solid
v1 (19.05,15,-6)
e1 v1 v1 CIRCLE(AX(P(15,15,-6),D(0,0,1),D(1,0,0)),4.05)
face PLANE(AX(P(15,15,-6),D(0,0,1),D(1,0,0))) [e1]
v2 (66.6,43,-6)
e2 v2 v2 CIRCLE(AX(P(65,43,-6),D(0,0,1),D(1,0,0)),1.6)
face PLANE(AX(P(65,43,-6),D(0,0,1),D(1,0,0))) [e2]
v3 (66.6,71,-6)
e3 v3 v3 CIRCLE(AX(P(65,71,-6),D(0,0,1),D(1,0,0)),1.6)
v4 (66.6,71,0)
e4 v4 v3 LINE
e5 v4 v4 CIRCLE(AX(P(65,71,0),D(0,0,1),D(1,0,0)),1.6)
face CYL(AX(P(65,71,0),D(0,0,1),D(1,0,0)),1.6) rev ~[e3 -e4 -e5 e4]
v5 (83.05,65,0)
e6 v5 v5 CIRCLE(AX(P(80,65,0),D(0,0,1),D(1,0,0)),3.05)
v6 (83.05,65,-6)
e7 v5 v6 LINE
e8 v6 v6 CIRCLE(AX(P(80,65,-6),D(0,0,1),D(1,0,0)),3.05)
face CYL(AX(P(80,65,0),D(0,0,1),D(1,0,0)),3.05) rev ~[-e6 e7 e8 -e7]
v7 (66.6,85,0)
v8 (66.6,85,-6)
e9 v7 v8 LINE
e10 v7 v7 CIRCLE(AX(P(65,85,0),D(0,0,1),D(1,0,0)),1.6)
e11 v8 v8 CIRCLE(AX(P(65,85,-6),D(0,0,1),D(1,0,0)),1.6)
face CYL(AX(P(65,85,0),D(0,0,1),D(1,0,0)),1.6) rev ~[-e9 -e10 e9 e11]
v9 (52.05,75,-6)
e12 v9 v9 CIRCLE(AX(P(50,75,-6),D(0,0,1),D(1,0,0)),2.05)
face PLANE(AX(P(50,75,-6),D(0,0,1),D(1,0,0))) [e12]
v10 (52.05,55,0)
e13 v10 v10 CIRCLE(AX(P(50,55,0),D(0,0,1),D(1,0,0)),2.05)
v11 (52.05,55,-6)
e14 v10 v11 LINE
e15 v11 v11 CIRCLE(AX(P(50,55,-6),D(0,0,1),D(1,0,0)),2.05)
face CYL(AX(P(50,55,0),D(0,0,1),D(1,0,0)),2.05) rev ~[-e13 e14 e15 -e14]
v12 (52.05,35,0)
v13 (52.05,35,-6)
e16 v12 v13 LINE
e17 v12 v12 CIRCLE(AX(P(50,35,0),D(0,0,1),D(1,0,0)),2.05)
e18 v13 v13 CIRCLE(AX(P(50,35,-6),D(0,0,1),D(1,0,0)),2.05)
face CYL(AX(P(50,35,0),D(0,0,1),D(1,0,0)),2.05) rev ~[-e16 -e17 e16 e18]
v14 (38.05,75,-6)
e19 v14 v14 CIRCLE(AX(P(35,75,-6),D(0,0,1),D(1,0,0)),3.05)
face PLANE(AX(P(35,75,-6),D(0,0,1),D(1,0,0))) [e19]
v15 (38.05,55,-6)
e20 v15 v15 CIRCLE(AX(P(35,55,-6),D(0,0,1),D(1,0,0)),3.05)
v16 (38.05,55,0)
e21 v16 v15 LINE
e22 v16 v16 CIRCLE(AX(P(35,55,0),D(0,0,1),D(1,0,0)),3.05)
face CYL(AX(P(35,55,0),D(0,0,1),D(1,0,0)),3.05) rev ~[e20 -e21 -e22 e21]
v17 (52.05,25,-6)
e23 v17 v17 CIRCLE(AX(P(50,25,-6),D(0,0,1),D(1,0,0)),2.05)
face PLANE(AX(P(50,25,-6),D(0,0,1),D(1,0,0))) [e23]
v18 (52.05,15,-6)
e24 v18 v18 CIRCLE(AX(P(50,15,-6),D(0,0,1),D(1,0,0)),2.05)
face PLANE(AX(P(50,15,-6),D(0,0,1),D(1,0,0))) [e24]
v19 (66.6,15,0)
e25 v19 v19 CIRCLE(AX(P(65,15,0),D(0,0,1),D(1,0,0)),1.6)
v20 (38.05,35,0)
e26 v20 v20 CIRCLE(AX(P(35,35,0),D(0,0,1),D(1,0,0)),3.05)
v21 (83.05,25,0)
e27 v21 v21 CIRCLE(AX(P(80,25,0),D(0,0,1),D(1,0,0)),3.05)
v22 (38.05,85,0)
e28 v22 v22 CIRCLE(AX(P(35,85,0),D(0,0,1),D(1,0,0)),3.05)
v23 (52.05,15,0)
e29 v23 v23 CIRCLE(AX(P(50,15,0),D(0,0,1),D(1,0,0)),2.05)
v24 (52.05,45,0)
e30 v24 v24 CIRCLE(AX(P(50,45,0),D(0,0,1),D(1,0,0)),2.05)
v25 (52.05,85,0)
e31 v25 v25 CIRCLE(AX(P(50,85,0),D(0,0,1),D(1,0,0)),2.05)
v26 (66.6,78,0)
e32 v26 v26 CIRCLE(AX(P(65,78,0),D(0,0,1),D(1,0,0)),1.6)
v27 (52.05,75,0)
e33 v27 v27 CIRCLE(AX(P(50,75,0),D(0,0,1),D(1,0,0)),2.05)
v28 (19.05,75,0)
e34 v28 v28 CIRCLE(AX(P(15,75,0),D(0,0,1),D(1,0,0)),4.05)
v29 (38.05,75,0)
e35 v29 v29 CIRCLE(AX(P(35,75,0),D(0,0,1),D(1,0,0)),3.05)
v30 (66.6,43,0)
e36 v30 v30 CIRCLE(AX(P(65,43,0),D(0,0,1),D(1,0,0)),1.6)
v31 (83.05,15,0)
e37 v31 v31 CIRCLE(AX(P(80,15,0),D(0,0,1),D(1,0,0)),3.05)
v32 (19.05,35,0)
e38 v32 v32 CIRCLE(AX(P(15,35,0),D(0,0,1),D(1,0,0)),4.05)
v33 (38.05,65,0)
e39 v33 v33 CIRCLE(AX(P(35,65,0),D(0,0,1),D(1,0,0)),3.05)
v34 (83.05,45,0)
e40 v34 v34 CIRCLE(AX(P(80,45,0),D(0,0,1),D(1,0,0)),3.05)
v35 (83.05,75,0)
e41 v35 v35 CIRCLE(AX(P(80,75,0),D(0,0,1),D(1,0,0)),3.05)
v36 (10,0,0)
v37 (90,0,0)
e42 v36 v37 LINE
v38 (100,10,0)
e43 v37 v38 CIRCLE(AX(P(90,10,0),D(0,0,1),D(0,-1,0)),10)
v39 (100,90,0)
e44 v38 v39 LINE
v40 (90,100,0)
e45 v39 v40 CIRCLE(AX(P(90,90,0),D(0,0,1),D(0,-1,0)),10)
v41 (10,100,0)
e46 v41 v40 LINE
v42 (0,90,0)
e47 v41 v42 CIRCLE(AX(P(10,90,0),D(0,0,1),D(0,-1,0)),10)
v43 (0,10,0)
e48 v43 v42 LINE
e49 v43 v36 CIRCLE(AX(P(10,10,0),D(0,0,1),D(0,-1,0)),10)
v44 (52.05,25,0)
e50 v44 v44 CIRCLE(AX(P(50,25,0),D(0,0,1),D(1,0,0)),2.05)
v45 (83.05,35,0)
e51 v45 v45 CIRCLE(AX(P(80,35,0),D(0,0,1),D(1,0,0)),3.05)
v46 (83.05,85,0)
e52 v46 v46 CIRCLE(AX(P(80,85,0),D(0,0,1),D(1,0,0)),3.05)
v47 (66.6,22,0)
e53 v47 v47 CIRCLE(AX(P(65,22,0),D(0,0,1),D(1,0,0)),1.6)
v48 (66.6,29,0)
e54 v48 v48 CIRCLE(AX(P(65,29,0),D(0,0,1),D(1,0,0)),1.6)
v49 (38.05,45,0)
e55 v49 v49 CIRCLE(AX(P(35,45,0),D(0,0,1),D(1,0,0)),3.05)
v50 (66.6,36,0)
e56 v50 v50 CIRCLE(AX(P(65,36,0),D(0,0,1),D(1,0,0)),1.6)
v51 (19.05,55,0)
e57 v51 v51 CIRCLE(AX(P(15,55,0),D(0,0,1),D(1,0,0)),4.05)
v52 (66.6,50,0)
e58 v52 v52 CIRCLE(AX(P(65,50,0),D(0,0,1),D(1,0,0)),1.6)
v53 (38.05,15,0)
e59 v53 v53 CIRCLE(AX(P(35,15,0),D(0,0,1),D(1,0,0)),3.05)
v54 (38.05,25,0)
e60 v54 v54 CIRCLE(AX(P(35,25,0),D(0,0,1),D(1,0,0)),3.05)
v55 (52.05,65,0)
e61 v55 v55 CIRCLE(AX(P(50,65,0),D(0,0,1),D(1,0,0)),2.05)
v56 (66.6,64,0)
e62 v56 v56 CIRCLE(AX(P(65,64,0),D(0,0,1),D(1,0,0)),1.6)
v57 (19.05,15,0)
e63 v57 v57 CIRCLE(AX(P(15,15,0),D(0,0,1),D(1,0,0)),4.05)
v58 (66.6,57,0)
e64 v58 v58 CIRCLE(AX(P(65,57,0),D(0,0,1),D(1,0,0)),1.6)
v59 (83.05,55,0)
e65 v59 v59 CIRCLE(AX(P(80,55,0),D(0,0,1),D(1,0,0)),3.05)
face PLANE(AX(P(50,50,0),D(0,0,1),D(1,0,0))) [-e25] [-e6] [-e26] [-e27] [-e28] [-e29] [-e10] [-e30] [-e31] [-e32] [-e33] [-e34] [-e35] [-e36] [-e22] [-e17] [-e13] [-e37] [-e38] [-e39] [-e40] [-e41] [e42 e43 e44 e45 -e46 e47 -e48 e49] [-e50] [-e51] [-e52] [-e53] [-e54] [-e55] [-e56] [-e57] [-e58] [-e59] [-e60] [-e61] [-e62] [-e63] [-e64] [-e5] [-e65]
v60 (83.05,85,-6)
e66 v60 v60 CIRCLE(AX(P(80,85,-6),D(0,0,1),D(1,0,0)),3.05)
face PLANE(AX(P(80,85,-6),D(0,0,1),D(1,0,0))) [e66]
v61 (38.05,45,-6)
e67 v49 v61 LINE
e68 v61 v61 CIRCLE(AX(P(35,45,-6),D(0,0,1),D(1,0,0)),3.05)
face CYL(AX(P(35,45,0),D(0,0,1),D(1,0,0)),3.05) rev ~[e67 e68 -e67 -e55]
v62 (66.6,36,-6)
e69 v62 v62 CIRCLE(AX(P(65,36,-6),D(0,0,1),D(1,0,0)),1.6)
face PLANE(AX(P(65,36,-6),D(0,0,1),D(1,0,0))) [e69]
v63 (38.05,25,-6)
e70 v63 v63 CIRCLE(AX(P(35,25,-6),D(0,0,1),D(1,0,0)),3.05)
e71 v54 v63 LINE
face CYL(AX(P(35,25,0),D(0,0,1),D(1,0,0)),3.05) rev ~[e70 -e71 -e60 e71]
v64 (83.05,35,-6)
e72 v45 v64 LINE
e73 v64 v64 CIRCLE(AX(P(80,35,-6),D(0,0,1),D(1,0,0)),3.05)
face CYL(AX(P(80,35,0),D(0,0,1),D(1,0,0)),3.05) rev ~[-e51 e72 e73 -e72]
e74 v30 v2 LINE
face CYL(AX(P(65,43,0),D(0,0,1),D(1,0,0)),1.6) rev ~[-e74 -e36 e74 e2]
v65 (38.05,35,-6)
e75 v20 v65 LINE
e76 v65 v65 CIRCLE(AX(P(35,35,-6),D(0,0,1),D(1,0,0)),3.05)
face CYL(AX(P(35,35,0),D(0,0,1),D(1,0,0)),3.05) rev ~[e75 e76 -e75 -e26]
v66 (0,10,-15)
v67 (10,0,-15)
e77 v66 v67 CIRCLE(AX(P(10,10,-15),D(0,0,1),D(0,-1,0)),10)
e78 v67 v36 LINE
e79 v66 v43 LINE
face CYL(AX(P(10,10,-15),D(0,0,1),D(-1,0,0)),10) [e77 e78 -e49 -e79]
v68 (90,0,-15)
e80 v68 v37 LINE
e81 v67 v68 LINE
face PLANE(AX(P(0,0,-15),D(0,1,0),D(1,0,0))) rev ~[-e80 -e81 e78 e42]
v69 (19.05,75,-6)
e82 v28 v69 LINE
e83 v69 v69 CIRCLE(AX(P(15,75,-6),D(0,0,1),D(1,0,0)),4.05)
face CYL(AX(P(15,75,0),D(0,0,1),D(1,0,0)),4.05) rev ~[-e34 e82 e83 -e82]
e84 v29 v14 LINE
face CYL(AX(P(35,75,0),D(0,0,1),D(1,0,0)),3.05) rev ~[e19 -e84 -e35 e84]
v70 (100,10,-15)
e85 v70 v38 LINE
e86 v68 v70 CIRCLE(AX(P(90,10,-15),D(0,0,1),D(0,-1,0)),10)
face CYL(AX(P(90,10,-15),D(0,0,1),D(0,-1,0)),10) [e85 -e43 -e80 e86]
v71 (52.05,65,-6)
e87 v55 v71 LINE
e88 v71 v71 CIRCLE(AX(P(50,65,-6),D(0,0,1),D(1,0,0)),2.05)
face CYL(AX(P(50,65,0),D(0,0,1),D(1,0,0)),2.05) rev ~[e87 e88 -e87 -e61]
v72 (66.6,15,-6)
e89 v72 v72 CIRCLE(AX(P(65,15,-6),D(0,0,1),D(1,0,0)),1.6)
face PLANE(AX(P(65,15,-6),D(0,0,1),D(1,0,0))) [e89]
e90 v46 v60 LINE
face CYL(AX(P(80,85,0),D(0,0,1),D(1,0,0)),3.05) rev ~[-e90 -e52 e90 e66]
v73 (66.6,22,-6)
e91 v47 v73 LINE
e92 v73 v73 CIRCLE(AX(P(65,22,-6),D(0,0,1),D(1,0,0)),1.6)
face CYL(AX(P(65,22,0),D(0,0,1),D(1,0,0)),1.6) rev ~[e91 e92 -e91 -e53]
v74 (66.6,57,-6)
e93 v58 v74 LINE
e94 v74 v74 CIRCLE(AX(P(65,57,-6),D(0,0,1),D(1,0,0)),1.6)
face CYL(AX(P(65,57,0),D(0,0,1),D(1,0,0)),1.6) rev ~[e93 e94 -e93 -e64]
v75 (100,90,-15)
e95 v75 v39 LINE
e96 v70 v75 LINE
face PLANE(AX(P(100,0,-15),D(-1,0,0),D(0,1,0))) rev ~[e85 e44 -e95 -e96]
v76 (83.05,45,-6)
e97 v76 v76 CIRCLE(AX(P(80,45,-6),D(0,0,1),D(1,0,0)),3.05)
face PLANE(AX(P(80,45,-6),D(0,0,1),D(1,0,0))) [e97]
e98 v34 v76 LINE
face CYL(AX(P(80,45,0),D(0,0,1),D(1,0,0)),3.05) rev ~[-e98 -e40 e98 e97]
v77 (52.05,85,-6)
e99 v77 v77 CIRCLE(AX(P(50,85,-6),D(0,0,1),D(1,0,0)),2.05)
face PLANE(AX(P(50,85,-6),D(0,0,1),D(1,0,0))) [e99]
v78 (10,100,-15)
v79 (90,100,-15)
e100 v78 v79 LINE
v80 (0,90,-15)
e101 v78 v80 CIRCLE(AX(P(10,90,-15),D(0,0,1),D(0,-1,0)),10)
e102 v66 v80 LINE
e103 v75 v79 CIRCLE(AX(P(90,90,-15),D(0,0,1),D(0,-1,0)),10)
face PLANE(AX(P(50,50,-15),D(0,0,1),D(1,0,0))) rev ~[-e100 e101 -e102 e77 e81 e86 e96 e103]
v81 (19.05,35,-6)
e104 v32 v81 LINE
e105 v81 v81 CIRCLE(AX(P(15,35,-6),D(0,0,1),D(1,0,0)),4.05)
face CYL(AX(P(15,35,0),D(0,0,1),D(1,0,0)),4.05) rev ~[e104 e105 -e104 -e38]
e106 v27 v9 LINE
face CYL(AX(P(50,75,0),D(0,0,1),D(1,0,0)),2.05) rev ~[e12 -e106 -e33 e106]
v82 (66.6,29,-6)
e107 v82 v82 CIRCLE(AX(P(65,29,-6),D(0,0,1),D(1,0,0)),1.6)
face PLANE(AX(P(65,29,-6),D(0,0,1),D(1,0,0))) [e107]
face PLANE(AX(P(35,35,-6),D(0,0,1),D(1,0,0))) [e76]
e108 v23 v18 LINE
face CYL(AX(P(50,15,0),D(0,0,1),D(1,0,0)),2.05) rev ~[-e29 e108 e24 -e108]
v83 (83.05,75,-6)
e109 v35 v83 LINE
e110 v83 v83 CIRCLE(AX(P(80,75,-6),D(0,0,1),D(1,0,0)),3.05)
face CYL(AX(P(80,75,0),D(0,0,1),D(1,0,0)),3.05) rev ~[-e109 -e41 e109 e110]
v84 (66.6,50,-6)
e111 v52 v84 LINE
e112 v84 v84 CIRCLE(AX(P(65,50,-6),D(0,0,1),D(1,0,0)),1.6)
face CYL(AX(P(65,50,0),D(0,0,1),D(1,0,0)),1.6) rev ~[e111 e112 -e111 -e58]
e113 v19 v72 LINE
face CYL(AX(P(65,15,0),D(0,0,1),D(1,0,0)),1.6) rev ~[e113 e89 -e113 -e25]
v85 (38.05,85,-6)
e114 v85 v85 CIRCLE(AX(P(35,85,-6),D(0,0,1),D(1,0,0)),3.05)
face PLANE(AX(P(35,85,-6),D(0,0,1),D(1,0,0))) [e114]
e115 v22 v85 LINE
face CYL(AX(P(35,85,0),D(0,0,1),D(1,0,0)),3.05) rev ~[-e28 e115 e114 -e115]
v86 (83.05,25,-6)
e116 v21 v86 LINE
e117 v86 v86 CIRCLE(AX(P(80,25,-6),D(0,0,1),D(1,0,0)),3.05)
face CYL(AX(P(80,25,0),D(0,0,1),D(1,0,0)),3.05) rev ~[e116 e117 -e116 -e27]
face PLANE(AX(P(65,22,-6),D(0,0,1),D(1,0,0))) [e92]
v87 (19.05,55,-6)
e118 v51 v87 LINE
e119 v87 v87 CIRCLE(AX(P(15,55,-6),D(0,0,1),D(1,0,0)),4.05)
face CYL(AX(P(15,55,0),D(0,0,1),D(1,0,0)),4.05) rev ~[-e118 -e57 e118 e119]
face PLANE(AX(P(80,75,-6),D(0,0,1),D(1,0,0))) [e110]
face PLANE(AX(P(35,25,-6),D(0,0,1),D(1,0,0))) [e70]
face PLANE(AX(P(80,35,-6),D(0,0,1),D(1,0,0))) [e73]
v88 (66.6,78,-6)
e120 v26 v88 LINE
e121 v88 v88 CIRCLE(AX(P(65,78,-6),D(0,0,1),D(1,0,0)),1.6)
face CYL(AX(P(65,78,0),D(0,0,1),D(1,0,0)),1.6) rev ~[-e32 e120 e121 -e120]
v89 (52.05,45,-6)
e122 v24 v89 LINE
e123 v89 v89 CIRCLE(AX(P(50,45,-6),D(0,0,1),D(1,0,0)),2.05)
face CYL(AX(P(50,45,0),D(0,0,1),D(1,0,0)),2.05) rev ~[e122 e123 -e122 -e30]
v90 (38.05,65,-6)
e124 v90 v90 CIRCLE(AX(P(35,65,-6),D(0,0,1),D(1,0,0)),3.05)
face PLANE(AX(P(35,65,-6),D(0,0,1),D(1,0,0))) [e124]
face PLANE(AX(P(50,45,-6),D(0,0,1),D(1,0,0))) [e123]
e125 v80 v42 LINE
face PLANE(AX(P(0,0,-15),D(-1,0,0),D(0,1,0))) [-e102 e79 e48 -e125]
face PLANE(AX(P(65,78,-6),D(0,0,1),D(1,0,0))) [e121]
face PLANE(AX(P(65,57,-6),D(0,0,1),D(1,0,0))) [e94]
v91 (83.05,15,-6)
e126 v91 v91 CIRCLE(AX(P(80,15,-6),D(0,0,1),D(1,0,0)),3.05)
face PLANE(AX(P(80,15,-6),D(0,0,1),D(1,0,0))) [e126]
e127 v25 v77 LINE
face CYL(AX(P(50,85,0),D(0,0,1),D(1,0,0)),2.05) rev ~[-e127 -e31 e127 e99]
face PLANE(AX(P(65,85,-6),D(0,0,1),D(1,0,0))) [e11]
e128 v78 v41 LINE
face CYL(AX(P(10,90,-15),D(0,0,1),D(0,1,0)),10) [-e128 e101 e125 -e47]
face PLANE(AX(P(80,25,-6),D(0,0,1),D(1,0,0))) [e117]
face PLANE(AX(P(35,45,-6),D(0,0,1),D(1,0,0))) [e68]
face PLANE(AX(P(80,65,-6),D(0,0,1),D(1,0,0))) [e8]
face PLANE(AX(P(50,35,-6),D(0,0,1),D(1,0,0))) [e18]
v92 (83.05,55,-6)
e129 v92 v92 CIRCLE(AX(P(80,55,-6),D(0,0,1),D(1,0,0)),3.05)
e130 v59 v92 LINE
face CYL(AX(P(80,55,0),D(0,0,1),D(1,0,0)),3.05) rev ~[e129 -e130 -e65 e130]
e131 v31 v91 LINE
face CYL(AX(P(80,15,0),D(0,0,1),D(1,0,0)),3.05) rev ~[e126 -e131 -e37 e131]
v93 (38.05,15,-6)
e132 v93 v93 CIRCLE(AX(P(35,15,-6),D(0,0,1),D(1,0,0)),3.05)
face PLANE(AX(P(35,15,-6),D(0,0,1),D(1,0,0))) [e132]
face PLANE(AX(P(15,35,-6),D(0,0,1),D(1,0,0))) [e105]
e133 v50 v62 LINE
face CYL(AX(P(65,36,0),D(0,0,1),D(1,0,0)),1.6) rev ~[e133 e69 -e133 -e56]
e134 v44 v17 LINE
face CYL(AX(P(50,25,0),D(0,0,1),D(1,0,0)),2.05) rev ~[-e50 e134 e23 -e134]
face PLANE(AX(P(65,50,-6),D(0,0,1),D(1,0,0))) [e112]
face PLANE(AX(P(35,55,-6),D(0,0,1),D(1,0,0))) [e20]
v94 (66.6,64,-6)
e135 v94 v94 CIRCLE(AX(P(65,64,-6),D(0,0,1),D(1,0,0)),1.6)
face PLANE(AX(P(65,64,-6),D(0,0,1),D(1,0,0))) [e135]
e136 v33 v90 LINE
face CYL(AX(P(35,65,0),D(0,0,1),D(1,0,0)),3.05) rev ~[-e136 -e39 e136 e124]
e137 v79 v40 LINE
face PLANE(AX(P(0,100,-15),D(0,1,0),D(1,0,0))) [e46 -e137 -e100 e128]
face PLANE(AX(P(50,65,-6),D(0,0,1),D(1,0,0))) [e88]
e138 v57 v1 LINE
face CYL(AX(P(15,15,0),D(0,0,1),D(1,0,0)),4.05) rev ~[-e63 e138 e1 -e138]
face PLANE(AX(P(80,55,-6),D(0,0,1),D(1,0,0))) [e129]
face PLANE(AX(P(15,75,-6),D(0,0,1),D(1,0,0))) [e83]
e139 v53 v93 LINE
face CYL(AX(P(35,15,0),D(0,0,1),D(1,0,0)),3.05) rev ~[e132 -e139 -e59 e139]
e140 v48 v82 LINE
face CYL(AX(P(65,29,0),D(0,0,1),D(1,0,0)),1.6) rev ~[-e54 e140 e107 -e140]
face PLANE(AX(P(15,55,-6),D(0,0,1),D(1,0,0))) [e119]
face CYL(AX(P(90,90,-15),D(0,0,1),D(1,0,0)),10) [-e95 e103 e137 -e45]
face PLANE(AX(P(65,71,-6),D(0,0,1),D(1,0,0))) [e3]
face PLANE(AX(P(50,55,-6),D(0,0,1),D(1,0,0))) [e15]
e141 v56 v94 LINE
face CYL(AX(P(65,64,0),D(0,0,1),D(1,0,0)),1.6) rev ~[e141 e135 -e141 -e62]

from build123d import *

# Parameters (mm, degrees)
SKETCH_W      = 100
SKETCH_H      = 100
PAD_DEPTH     = 15
FILLET_R      = 10
FILLET001_R   = 10
FILLET002_R   = 10
FILLET003_R   = 10
SKETCH001_R   = 4.05
SKETCH001_R_2 = 3.05
SKETCH001_R_3 = 2.05
SKETCH001_R_4 = 1.6
POCKET_DEPTH  = 6


with BuildPart() as part:
    # Sketch → Pad (new body)
    with BuildSketch(Plane.XY):
        with Locations((50, 50)):
            Rectangle(SKETCH_W, SKETCH_H)
    extrude(amount=PAD_DEPTH)

    # Fillet
    fillet_edges = [part.edges().sort_by_distance(p)[0] for p in [
        (0, 0, 7.5),
    ]]
    fillet(fillet_edges, radius=FILLET_R)

    # Fillet001
    fillet001_edges = [part.edges().sort_by_distance(p)[0] for p in [
        (100, 0, 7.5),
    ]]
    fillet(fillet001_edges, radius=FILLET001_R)

    # Fillet002
    fillet002_edges = [part.edges().sort_by_distance(p)[0] for p in [
        (100, 100, 7.5),
    ]]
    fillet(fillet002_edges, radius=FILLET002_R)

    # Fillet003
    fillet003_edges = [part.edges().sort_by_distance(p)[0] for p in [
        (0, 100, 7.5),
    ]]
    fillet(fillet003_edges, radius=FILLET003_R)

    # Sketch001 (on Face6 of Pad) → Pocket (cut)
    with BuildSketch(Plane.XY.offset(15)):
        with Locations((15, 15)):
            Circle(SKETCH001_R)
        with Locations((15, 35)):
            Circle(SKETCH001_R)
        with Locations((15, 55)):
            Circle(SKETCH001_R)
        with Locations((15, 75)):
            Circle(SKETCH001_R)
        with Locations((35, 15)):
            Circle(SKETCH001_R_2)
        with Locations((35, 25)):
            Circle(SKETCH001_R_2)
        with Locations((35, 35)):
            Circle(SKETCH001_R_2)
        with Locations((35, 45)):
            Circle(SKETCH001_R_2)
        with Locations((35, 55)):
            Circle(SKETCH001_R_2)
        with Locations((35, 65)):
            Circle(SKETCH001_R_2)
        with Locations((35, 75)):
            Circle(SKETCH001_R_2)
        with Locations((35, 85)):
            Circle(SKETCH001_R_2)
        with Locations((50, 15)):
            Circle(SKETCH001_R_3)
        with Locations((50, 25)):
            Circle(SKETCH001_R_3)
        with Locations((50, 35)):
            Circle(SKETCH001_R_3)
        with Locations((50, 45)):
            Circle(SKETCH001_R_3)
        with Locations((50, 55)):
            Circle(SKETCH001_R_3)
        with Locations((50, 65)):
            Circle(SKETCH001_R_3)
        with Locations((50, 75)):
            Circle(SKETCH001_R_3)
        with Locations((50, 85)):
            Circle(SKETCH001_R_3)
        with Locations((65, 15)):
            Circle(SKETCH001_R_4)
        with Locations((65, 22)):
            Circle(SKETCH001_R_4)
        with Locations((65, 29)):
            Circle(SKETCH001_R_4)
        with Locations((65, 36)):
            Circle(SKETCH001_R_4)
        with Locations((65, 43)):
            Circle(SKETCH001_R_4)
        with Locations((65, 50)):
            Circle(SKETCH001_R_4)
        with Locations((65, 57)):
            Circle(SKETCH001_R_4)
        with Locations((65, 64)):
            Circle(SKETCH001_R_4)
        with Locations((65, 71)):
            Circle(SKETCH001_R_4)
        with Locations((65, 78)):
            Circle(SKETCH001_R_4)
        with Locations((65, 85)):
            Circle(SKETCH001_R_4)
        with Locations((80, 15)):
            Circle(SKETCH001_R_2)
        with Locations((80, 25)):
            Circle(SKETCH001_R_2)
        with Locations((80, 35)):
            Circle(SKETCH001_R_2)
        with Locations((80, 45)):
            Circle(SKETCH001_R_2)
        with Locations((80, 55)):
            Circle(SKETCH001_R_2)
        with Locations((80, 65)):
            Circle(SKETCH001_R_2)
        with Locations((80, 75)):
            Circle(SKETCH001_R_2)
        with Locations((80, 85)):
            Circle(SKETCH001_R_2)
    extrude(amount=-POCKET_DEPTH, mode=Mode.SUBTRACT)


with BuildPart() as part_1:
    # Clone placement: moved
    add(part.part.moved(Location((0, 0, -15))))


solid = part_1.part
